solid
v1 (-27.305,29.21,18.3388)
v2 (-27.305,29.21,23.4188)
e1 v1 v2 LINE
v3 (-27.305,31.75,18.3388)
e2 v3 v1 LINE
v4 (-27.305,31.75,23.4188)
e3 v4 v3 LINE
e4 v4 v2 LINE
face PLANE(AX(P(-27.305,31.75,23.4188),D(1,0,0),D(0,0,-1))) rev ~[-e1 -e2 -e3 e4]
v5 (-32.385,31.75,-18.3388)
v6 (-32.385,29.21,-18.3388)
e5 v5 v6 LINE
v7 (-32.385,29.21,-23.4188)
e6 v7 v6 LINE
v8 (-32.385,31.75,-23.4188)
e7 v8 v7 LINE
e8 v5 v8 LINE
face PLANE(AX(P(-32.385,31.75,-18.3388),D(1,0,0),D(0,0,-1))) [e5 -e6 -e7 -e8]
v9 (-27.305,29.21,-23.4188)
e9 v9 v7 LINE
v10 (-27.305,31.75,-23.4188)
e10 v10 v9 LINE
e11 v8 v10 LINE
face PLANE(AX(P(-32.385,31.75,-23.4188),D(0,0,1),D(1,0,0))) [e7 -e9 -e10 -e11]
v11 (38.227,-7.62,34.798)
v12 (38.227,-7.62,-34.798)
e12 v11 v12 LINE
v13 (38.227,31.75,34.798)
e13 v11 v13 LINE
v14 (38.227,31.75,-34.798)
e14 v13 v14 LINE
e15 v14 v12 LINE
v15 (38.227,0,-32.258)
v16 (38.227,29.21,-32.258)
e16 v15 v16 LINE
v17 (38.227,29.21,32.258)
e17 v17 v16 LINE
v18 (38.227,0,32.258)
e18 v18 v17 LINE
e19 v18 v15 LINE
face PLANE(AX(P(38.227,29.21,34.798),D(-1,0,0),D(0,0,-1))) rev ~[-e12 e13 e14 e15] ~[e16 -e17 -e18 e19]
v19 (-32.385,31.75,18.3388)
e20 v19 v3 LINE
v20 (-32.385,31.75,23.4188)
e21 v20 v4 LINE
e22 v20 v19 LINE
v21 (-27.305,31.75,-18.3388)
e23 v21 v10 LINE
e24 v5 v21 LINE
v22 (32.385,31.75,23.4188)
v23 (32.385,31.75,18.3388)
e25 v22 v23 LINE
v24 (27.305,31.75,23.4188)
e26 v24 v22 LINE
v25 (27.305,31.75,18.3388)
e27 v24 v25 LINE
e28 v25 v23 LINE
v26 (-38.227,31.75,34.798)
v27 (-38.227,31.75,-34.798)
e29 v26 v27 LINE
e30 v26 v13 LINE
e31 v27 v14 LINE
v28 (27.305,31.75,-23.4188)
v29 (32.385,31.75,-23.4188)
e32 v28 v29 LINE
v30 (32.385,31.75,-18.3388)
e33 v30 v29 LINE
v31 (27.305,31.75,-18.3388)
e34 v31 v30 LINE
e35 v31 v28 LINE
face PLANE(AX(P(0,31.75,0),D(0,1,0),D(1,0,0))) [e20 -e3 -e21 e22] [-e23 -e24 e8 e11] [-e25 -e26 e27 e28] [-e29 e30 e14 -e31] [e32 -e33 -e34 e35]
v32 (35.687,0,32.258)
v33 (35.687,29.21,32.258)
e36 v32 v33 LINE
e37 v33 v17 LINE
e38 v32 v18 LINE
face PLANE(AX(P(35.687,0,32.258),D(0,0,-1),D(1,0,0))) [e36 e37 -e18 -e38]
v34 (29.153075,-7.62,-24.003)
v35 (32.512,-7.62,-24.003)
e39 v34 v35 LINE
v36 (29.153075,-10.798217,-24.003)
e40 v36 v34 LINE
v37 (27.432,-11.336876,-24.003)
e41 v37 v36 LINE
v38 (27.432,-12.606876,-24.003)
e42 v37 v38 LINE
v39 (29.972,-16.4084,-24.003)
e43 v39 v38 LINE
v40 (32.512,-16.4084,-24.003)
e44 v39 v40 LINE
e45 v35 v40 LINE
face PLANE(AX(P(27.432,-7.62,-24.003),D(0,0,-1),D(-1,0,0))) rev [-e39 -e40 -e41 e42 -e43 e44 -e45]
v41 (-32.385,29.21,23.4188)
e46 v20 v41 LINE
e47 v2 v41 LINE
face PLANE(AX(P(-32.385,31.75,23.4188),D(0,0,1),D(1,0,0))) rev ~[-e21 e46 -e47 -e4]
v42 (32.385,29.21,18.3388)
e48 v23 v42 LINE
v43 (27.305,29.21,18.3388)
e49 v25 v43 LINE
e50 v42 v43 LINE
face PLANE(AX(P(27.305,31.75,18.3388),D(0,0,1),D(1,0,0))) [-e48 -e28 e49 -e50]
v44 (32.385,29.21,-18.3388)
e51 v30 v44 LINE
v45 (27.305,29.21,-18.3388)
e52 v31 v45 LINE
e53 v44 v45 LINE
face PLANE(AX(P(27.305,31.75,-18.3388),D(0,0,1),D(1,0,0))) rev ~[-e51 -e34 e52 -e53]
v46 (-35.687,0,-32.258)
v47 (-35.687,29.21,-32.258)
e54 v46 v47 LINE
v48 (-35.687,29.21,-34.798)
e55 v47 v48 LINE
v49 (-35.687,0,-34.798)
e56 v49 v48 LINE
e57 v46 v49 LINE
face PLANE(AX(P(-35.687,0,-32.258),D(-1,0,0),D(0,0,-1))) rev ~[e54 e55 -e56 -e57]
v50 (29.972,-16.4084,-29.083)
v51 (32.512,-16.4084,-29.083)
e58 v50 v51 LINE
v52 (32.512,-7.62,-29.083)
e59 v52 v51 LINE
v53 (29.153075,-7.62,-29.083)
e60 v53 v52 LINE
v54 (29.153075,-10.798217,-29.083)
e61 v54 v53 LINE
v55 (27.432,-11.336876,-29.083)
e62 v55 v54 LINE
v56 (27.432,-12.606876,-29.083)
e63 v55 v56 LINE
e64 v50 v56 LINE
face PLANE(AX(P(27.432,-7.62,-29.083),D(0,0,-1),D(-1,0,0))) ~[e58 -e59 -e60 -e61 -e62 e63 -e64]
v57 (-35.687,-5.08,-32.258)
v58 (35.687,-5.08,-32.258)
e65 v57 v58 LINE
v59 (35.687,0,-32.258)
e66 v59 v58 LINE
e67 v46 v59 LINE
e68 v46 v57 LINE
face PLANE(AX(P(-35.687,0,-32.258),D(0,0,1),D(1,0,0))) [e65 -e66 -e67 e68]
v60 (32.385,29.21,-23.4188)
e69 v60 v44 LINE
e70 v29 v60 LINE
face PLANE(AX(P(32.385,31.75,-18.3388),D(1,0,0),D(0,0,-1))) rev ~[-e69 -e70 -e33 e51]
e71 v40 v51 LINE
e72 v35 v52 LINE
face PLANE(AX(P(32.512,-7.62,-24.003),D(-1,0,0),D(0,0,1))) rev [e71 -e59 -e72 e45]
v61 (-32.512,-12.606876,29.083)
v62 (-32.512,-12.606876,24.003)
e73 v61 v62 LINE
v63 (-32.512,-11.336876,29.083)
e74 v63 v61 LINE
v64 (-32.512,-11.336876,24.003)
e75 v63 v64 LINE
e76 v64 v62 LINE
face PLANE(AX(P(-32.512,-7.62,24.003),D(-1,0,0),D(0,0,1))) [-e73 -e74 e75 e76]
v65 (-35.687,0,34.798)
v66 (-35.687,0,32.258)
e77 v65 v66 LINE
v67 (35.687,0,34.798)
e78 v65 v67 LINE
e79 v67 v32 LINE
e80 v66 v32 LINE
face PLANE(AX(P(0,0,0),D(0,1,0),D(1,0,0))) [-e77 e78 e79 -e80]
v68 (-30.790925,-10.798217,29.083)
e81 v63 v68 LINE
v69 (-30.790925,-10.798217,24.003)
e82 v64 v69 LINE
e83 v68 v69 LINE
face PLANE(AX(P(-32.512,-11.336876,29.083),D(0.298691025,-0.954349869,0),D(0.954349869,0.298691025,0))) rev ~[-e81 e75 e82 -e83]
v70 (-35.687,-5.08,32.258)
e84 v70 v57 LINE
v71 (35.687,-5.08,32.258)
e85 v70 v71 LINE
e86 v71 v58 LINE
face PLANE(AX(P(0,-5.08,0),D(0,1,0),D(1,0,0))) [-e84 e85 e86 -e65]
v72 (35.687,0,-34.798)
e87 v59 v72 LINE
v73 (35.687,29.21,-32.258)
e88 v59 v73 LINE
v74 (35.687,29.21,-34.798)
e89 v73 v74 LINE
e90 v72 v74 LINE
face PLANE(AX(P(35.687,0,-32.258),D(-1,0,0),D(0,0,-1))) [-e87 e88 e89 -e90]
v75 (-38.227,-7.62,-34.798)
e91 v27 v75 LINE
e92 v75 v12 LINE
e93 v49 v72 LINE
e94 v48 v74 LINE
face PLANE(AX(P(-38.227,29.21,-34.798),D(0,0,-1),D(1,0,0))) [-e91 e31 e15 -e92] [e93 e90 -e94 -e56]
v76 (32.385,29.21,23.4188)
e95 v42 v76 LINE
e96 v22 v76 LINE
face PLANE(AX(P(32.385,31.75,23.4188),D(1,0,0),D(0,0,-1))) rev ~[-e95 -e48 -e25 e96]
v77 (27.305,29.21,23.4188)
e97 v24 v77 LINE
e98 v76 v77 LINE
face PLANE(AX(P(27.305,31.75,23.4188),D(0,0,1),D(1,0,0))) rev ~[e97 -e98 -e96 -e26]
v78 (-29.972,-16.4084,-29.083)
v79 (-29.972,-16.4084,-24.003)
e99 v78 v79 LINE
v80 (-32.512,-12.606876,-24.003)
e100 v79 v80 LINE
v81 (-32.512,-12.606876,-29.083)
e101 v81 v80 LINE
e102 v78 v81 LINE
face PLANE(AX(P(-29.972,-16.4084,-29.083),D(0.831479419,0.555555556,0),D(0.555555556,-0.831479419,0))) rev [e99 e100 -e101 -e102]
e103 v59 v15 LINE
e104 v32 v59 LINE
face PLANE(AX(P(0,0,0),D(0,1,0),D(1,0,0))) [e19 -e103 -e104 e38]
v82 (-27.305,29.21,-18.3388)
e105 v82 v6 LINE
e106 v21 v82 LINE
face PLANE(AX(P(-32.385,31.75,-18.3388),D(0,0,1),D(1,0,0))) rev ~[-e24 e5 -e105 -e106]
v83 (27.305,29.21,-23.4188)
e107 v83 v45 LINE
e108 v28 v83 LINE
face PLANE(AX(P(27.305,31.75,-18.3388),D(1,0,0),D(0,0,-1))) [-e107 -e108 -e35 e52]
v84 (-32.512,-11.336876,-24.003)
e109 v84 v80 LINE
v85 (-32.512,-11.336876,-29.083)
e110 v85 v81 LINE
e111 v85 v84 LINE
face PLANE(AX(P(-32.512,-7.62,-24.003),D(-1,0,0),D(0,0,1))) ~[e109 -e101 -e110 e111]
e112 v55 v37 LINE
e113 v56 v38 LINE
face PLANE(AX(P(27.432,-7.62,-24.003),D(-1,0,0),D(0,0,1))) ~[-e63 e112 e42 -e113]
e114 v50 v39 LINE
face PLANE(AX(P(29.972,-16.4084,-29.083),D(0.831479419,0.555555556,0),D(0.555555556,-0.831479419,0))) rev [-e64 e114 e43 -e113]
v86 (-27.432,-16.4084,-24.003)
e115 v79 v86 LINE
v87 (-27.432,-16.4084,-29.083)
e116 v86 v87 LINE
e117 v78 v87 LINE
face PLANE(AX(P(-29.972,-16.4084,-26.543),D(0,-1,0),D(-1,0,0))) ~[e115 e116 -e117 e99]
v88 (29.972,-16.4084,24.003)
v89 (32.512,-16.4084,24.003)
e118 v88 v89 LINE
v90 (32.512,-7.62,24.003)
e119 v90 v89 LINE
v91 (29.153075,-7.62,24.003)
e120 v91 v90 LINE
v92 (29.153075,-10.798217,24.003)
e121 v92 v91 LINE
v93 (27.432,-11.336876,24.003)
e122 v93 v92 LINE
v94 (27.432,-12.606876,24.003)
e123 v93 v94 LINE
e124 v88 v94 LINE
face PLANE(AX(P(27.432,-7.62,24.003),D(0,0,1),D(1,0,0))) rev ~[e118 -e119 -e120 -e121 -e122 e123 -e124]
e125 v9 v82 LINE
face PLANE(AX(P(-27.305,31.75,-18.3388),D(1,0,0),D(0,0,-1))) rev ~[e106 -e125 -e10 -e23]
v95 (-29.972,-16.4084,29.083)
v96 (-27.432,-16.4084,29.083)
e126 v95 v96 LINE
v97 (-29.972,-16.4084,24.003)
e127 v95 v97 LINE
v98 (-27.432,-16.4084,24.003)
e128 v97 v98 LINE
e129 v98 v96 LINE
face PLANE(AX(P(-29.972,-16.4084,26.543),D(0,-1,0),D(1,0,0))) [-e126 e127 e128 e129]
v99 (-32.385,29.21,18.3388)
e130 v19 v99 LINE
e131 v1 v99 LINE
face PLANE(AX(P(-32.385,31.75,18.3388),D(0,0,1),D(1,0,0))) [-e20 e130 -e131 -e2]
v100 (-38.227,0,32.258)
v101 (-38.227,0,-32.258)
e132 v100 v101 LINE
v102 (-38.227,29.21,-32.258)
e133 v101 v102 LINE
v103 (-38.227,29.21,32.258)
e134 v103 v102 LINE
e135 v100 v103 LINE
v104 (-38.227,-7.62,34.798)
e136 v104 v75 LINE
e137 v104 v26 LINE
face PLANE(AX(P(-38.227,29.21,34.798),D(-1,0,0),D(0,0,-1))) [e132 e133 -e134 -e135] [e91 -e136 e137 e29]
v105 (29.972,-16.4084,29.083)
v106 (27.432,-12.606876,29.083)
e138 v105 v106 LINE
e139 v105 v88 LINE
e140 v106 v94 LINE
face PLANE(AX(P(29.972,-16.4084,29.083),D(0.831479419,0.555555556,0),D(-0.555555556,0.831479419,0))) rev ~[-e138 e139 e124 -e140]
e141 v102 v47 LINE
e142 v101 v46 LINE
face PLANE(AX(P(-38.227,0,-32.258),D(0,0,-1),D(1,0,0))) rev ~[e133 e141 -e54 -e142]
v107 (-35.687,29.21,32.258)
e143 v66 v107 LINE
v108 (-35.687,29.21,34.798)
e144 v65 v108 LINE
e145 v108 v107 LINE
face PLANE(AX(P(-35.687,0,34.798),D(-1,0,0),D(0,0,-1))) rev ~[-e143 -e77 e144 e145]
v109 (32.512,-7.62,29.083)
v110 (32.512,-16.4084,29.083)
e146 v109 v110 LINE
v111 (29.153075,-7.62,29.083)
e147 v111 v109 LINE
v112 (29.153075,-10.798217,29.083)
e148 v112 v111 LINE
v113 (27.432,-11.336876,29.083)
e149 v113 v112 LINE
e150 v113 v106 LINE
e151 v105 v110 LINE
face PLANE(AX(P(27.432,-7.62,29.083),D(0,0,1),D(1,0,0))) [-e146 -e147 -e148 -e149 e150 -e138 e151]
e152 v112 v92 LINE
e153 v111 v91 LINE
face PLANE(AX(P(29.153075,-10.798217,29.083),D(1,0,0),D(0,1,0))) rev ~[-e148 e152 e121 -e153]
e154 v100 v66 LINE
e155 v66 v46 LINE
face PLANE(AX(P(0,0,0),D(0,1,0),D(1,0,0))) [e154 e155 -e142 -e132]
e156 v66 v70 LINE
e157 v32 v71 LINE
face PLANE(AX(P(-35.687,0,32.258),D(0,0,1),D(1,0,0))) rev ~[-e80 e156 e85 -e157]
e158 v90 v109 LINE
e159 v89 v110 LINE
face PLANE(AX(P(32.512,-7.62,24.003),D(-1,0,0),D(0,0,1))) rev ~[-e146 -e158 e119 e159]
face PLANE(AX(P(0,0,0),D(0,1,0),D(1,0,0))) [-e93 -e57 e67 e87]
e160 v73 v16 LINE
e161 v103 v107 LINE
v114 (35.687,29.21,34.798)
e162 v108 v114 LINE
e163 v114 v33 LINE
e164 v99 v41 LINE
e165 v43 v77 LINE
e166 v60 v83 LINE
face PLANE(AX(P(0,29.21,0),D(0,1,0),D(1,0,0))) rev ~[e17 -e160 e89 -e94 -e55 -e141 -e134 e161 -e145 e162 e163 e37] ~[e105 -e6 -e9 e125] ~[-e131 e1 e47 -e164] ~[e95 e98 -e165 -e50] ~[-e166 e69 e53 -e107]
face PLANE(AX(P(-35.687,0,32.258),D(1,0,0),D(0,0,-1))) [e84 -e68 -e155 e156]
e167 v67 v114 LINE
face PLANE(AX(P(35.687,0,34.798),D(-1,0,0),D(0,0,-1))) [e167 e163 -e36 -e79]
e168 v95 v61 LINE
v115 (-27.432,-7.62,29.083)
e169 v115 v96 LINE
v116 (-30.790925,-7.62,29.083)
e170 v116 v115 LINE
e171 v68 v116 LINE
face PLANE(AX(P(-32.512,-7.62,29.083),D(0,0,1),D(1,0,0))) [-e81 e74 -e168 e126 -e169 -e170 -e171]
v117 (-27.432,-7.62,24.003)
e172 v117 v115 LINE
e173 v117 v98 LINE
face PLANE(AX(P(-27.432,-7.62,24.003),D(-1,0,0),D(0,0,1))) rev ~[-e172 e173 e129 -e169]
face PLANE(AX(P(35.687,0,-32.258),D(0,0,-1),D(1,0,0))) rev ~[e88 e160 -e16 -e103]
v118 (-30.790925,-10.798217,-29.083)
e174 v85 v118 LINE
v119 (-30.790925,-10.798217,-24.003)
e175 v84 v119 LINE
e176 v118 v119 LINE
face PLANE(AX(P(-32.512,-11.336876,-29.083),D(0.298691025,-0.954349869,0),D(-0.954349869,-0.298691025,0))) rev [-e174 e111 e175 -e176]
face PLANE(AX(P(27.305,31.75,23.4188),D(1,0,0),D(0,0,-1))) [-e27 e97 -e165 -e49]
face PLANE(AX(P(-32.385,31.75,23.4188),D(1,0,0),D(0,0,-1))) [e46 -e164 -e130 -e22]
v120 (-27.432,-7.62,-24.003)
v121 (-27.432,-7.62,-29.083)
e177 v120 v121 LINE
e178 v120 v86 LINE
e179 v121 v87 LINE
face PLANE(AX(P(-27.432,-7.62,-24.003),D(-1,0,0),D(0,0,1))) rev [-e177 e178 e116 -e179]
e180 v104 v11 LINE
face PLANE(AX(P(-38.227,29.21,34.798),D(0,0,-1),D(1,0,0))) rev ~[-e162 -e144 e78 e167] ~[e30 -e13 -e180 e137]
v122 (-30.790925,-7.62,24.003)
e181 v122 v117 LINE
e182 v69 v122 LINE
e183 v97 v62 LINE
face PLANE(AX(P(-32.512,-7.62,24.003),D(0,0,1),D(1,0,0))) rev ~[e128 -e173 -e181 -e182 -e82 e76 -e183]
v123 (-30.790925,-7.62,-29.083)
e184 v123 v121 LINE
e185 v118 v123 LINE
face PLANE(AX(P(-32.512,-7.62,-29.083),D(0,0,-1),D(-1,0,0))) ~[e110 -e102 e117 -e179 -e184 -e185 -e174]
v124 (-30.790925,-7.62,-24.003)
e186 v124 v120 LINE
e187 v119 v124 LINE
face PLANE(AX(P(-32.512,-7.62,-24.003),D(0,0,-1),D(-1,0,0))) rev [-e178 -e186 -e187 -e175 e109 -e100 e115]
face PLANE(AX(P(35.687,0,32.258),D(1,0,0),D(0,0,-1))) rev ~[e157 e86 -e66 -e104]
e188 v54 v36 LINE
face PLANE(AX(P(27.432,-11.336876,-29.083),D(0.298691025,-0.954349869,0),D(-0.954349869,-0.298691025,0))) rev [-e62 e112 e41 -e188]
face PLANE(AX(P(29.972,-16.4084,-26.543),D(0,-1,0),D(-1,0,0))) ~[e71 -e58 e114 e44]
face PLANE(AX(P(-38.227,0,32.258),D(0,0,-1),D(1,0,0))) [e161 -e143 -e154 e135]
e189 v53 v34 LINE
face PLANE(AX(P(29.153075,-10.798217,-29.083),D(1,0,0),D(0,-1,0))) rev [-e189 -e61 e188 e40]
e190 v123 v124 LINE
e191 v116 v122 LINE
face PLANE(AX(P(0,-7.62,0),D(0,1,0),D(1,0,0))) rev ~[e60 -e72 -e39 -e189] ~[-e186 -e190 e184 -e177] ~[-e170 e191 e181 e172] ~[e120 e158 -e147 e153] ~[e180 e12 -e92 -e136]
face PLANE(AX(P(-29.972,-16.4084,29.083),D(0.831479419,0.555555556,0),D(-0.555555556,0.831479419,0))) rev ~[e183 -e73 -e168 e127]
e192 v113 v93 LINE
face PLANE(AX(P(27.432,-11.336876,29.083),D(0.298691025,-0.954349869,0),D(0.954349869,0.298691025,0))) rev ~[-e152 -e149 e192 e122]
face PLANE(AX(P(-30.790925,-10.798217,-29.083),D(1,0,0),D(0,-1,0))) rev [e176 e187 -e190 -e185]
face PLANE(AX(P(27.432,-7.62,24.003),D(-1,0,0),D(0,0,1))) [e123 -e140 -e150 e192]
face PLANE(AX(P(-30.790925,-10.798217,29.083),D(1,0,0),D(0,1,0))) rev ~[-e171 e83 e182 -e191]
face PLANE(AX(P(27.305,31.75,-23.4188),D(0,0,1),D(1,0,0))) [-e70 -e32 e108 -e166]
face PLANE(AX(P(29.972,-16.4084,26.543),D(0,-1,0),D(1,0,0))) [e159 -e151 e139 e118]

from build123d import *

# Parameters (mm, degrees)
SKETCH1_W           = 76.454
SKETCH1_H           = 69.596
BOSS_EXTRUDE1_DEPTH = 7.62
SKETCH2_W           = 71.374
SKETCH2_H           = 64.516
CUT_EXTRUDE1_DEPTH  = 5.08
SKETCH4_W           = 5.08
SKETCH4_H           = 5.08
BOSS_EXTRUDE2_DEPTH = 8.7884
CUT_EXTRUDE2_DEPTH  = 5.08
SKETCH6_W           = 2.54
SKETCH6_H           = 2.54
BOSS_EXTRUDE3_DEPTH = 29.21
SKETCH7_W           = 76.454
SKETCH7_H           = 69.596
BOSS_EXTRUDE4_DEPTH = 2.54
CUT_EXTRUDE3_REACH  = 50.158
SKETCH8_W           = 5.08
SKETCH8_H           = 5.08


with BuildPart() as part:
    # Sketch1 → Boss-Extrude1 (new body)
    with BuildSketch(Plane(origin=(0, 0, 0), x_dir=(1, 0, 0), z_dir=(0, 1, 0))):
        Rectangle(SKETCH1_W, SKETCH1_H)
    extrude(amount=-BOSS_EXTRUDE1_DEPTH)

    # Sketch2 → Cut-Extrude1 (cut)
    with BuildSketch(Plane(origin=(0, 0, 0), x_dir=(1, 0, 0), z_dir=(0, 1, 0))):
        Rectangle(SKETCH2_W, SKETCH2_H)
    extrude(amount=-CUT_EXTRUDE1_DEPTH, mode=Mode.SUBTRACT)

    # Sketch4 → Boss-Extrude2 (add)
    with BuildSketch(Plane.XZ.offset(7.62)):
        with Locations((-29.972, 26.543)):
            Rectangle(SKETCH4_W, SKETCH4_H)
        with Locations((29.972, 26.543)):
            Rectangle(SKETCH4_W, SKETCH4_H)
    boss_extrude2 = extrude(amount=BOSS_EXTRUDE2_DEPTH)

    # Sketch5 → Cut-Extrude2 (cut)
    with BuildSketch(Plane.XY.offset(29.083)):
        Polygon((29.972, -16.4084), (27.432, -12.606876095), (27.432, -16.4084), align=None)
        Polygon((-29.972, -16.4084), (-32.512, -12.606876095), (-32.512, -16.4084), align=None)
        Polygon((27.432, -11.336876095), (29.153074553, -10.798216701), (29.153074553, -7.62), (27.432, -7.62), align=None)
        Polygon((-32.512, -11.336876095), (-30.790925447, -10.798216701), (-30.790925447, -7.62), (-32.512, -7.62), align=None)
    cut_extrude2 = extrude(amount=-CUT_EXTRUDE2_DEPTH, mode=Mode.SUBTRACT)

    # Mirror1: Boss-Extrude2, Cut-Extrude2 across plane
    add(boss_extrude2.mirror(Plane.XY))
    add(cut_extrude2.mirror(Plane.XY), mode=Mode.SUBTRACT)

    # Sketch6 → Boss-Extrude3 (add)
    with BuildSketch(Plane(origin=(0, 0, 0), x_dir=(1, 0, 0), z_dir=(0, 1, 0))):
        with Locations((-36.957, 33.528)):
            Rectangle(SKETCH6_W, SKETCH6_H)
        with Locations((-36.957, -33.528)):
            Rectangle(SKETCH6_W, SKETCH6_H)
        with Locations((36.957, -33.528)):
            Rectangle(SKETCH6_W, SKETCH6_H)
        with Locations((36.957, 33.528)):
            Rectangle(SKETCH6_W, SKETCH6_H)
    extrude(amount=BOSS_EXTRUDE3_DEPTH)

    # Sketch7 → Boss-Extrude4 (add)
    with BuildSketch(Plane(origin=(0, 29.21, 0), x_dir=(1, 0, 0), z_dir=(0, 1, 0))):
        Rectangle(SKETCH7_W, SKETCH7_H)
    extrude(amount=BOSS_EXTRUDE4_DEPTH)

    # Sketch8 → Cut-Extrude3 (cut, up to next)
    with BuildSketch(Plane(origin=(0, 31.75, 0), x_dir=(1, 0, 0), z_dir=(0, 1, 0)), mode=Mode.PRIVATE) as cut_extrude3_sk1:
        with Locations((29.845, 20.8788)):
            Rectangle(SKETCH8_W, SKETCH8_H)
    cut_extrude3_tool1 = extrude(cut_extrude3_sk1.sketch, amount=-CUT_EXTRUDE3_REACH, mode=Mode.PRIVATE) & part.part
    add(cut_extrude3_tool1.solids().sort_by_distance((29.845, 31.75, -20.8788))[0], mode=Mode.SUBTRACT)
    # Sketch8 → Cut-Extrude3 (cut, up to next)
    with BuildSketch(Plane(origin=(0, 31.75, 0), x_dir=(1, 0, 0), z_dir=(0, 1, 0)), mode=Mode.PRIVATE) as cut_extrude3_sk2:
        with Locations((-29.845, 20.8788)):
            Rectangle(SKETCH8_W, SKETCH8_H)
    cut_extrude3_tool2 = extrude(cut_extrude3_sk2.sketch, amount=-CUT_EXTRUDE3_REACH, mode=Mode.PRIVATE) & part.part
    add(cut_extrude3_tool2.solids().sort_by_distance((-29.845, 31.75, -20.8788))[0], mode=Mode.SUBTRACT)
    # Sketch8 → Cut-Extrude3 (cut, up to next)
    with BuildSketch(Plane(origin=(0, 31.75, 0), x_dir=(1, 0, 0), z_dir=(0, 1, 0)), mode=Mode.PRIVATE) as cut_extrude3_sk3:
        with Locations((29.845, -20.8788)):
            Rectangle(SKETCH8_W, SKETCH8_H)
    cut_extrude3_tool3 = extrude(cut_extrude3_sk3.sketch, amount=-CUT_EXTRUDE3_REACH, mode=Mode.PRIVATE) & part.part
    add(cut_extrude3_tool3.solids().sort_by_distance((29.845, 31.75, 20.8788))[0], mode=Mode.SUBTRACT)
    # Sketch8 → Cut-Extrude3 (cut, up to next)
    with BuildSketch(Plane(origin=(0, 31.75, 0), x_dir=(1, 0, 0), z_dir=(0, 1, 0)), mode=Mode.PRIVATE) as cut_extrude3_sk4:
        with Locations((-29.845, -20.8788)):
            Rectangle(SKETCH8_W, SKETCH8_H)
    cut_extrude3_tool4 = extrude(cut_extrude3_sk4.sketch, amount=-CUT_EXTRUDE3_REACH, mode=Mode.PRIVATE) & part.part
    add(cut_extrude3_tool4.solids().sort_by_distance((-29.845, 31.75, 20.8788))[0], mode=Mode.SUBTRACT)


solid = part.part
